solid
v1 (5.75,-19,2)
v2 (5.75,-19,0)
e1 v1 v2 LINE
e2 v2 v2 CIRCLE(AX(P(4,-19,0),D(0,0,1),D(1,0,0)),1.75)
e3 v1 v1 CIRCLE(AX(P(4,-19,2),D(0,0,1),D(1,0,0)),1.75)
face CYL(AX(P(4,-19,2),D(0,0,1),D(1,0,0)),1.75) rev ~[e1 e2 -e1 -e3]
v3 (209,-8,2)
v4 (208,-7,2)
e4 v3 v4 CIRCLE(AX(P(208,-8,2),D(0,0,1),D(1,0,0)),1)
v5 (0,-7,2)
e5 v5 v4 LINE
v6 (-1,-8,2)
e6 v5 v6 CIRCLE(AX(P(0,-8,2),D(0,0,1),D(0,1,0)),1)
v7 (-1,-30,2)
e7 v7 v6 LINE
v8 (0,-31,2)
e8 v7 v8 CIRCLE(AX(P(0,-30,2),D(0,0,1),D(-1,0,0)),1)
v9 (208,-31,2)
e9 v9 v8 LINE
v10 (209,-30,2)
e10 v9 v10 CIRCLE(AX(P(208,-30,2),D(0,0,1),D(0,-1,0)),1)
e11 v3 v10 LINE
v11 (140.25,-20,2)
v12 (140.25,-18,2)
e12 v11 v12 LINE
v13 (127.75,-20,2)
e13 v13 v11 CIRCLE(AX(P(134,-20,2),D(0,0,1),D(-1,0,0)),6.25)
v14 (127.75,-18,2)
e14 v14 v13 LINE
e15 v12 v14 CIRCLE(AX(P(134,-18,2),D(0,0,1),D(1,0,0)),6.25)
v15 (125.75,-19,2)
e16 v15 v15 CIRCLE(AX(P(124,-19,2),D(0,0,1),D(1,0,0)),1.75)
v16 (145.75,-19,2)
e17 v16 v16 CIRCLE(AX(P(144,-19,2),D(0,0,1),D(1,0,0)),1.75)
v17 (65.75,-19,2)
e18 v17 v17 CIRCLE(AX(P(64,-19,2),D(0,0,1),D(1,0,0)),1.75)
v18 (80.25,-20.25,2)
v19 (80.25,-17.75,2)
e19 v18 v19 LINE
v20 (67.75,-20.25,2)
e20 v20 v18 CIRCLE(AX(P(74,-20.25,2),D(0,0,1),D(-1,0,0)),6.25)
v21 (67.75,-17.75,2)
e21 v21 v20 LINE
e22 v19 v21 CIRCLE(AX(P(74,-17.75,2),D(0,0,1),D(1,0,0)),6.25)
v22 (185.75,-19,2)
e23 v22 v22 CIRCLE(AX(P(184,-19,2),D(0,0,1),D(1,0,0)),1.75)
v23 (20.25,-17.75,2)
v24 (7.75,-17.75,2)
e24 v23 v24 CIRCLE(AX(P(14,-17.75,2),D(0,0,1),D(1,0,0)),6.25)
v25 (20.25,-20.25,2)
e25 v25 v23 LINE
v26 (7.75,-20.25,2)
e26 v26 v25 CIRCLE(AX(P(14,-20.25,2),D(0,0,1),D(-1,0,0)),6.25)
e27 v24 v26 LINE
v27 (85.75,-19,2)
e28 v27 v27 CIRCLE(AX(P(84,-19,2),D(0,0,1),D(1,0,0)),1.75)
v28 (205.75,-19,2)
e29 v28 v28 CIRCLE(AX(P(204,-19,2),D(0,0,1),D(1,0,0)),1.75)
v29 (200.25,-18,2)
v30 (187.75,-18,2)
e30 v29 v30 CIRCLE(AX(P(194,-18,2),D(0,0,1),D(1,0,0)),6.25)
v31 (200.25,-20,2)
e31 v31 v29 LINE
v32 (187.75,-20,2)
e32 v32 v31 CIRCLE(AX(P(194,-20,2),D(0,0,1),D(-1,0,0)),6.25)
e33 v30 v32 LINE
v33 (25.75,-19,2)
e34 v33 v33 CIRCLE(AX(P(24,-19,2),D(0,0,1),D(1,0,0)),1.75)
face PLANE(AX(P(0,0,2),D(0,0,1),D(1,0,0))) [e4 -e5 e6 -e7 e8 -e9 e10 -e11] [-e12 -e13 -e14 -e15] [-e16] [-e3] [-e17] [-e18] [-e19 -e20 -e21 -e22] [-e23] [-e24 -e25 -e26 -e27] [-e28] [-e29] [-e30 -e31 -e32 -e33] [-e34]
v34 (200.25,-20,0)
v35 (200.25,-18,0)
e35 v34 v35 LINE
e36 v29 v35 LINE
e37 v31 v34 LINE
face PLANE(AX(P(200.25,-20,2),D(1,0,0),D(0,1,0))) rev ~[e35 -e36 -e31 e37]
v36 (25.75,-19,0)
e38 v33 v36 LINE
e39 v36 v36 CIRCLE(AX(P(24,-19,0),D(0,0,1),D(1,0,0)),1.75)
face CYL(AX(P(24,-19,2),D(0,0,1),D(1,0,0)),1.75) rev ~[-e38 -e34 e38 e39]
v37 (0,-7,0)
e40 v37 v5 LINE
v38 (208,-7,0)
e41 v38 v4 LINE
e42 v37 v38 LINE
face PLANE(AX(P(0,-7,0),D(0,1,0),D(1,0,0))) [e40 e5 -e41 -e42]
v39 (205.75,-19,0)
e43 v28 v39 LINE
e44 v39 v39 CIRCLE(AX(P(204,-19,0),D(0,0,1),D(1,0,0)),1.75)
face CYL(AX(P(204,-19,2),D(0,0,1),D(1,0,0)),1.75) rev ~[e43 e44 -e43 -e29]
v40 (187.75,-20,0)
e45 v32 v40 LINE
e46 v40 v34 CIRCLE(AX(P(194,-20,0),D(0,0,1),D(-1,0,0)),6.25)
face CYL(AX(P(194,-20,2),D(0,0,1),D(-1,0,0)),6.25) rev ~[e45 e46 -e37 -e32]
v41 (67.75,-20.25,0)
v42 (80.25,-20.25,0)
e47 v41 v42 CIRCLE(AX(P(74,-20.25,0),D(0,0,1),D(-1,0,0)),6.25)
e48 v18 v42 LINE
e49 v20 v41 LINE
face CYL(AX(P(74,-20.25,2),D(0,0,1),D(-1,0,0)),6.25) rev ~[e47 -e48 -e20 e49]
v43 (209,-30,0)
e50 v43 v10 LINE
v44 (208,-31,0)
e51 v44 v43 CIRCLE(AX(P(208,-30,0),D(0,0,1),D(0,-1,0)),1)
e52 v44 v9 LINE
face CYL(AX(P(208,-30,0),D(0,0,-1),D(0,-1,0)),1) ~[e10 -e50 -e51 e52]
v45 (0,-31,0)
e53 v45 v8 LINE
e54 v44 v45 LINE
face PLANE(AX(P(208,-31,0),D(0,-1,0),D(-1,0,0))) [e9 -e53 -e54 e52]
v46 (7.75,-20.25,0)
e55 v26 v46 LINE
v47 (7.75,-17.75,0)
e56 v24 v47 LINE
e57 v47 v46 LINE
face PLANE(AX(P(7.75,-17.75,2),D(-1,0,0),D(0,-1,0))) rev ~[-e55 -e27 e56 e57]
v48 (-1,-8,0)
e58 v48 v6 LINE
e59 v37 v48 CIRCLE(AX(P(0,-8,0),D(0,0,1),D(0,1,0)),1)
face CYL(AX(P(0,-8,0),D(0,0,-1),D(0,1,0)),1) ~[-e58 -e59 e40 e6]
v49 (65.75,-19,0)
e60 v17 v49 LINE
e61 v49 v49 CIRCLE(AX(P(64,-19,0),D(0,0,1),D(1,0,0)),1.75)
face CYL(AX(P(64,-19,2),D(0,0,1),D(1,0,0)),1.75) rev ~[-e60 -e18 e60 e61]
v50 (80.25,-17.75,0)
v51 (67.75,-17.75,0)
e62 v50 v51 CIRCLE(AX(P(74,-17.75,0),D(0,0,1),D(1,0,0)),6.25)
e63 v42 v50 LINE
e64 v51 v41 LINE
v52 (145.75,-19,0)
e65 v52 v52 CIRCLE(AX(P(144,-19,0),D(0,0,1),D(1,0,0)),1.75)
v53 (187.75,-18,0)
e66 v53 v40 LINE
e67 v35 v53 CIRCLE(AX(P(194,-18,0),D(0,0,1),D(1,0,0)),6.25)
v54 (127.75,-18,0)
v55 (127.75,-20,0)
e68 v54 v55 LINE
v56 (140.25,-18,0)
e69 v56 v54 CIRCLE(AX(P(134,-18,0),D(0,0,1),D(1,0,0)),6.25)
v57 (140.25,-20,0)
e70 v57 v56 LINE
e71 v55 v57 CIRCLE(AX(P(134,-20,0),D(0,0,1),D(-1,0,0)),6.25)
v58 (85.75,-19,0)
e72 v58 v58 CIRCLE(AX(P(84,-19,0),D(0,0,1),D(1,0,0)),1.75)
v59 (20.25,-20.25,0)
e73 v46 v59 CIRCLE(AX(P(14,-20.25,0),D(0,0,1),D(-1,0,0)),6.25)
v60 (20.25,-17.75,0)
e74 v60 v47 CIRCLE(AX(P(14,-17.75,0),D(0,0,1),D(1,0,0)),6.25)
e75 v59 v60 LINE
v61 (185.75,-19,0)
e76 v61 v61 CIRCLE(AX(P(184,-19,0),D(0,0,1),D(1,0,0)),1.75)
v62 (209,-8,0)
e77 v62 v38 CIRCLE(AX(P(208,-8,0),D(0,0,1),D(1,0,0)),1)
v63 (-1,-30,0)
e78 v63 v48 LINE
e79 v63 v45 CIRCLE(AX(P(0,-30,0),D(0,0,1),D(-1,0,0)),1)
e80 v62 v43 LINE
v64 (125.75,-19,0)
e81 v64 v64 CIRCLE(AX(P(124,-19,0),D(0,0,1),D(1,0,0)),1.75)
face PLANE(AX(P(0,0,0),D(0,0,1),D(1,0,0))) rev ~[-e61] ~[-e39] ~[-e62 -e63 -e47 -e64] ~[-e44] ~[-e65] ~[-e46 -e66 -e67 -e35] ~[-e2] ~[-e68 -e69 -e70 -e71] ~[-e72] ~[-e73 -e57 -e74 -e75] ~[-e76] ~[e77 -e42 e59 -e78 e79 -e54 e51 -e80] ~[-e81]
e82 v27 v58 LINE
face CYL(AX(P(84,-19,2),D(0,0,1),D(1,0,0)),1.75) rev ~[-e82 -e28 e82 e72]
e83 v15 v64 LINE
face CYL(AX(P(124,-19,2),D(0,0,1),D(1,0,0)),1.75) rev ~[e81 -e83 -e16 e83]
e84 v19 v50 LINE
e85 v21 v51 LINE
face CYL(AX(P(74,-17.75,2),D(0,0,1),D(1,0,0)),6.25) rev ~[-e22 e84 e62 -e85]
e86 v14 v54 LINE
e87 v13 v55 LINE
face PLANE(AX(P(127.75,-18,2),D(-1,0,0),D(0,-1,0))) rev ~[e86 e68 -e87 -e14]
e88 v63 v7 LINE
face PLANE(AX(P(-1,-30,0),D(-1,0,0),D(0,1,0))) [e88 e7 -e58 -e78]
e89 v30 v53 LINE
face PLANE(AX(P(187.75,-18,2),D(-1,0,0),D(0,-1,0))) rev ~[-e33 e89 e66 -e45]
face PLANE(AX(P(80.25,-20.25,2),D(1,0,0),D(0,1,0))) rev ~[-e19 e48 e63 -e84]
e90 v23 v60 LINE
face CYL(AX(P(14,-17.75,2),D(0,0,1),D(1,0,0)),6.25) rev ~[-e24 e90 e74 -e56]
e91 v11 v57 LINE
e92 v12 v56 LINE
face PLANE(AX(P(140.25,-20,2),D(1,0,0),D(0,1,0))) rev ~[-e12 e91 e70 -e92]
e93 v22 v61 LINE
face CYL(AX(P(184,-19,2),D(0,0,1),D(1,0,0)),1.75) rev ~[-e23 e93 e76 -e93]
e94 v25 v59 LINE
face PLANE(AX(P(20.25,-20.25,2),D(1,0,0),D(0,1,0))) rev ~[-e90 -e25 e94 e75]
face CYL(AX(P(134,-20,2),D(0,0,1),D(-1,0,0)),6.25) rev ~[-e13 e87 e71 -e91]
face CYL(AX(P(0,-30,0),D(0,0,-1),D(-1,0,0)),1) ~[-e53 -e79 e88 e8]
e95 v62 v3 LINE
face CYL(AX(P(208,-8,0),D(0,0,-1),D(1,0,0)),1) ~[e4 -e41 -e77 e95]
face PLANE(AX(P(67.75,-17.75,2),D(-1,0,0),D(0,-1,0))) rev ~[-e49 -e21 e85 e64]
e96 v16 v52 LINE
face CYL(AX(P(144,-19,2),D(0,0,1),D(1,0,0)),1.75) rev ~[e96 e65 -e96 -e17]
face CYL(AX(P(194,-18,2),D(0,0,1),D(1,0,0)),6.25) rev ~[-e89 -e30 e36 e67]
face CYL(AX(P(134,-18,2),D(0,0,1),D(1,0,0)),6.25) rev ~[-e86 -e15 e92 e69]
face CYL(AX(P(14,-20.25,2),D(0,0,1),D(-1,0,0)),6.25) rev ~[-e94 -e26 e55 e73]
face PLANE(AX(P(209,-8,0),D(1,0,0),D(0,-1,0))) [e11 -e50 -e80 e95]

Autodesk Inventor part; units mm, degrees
ref_plane "YZ Plane" through (0, 0, 0) normal (1, 0, 0) x (0, 1, 0)
ref_plane "XZ Plane" through (0, 0, 0) normal (0, 1, 0) x (-1, 0, 0)
ref_plane "XY Plane" through (0, 0, 0) normal (0, 0, 1) x (1, 0, 0)
sketch "Sketch1" plane through (0, 0, 0) normal (0, 0, 1) x (1, 0, 0)
  line L0 (0, -7) -> (208, -7)
  line L1 (209, -8) -> (209, -30)
  line L2 (208, -31) -> (0, -31)
  line L3 (-1, -30) -> (-1, -8)
  circle A0 centre (38.25, -10.75) radius 1.75
  circle A1 centre (58.75, -10.75) radius 1.75
  circle A2 centre (149.25, -10.75) radius 1.75
  circle A3 centre (169.75, -10.75) radius 1.75
  circle A4 centre (38.25, -40.75) radius 1.75
  circle A5 centre (58.75, -40.75) radius 1.75
  circle A6 centre (149.25, -40.75) radius 1.75
  circle A7 centre (169.75, -40.75) radius 1.75
  arc A8 (0, -7) -> (-1, -8) centre (0, -8) ccw
  arc A9 (-1, -30) -> (0, -31) centre (0, -30) ccw
  arc A10 (208, -31) -> (209, -30) centre (208, -30) ccw
  arc A11 (209, -8) -> (208, -7) centre (208, -8) ccw
  point P0 (0, 0)
  point P1 (209, -31)
  point P2 (209, -7)
  point P3 (-1, -31)
  dimension "d0" = 210
  dimension "d1" = 24
  dimension "d10" = 111
  dimension "d13" = 30
  dimension "d16" = 1
extrude "Extrusion1" add sketch "Sketch1" along normal blind 2 contours L0 A11 L1 A10 L2 A9 L3 A8 | A0 | A1 | A2 | A3
sketch "Sketch2" plane through (0, 0, 2) normal (0, 0, 1) x (1, 0, 0)
  line L0 (209, -30) -> (209, -8) projected
  line L1 (209, -19) -> (-1, -19) construction
  line L2 (-1, -8) -> (-1, -30) projected
  line L3 (235.9536, -47.1551) -> (247.5417, -11.4905)
  line L4 (235.9536, -47.1551) -> (273.4536, -47.1551) construction
  line L5 (235.9536, -47.1551) -> (237.8557, -47.7731)
  line L6 (235.9536, -47.1551) -> (237.9536, -47.1551) construction
  line L7 (237.8557, -47.7731) -> (249.4438, -12.1085)
  line L8 (249.4438, -12.1085) -> (247.5417, -11.4905)
  line L9 (249.4438, -12.1085) -> (271.3181, -19.2159)
  line L10 (271.3181, -19.2159) -> (259.73, -54.8805)
  line L11 (259.73, -54.8805) -> (261.6321, -55.4986)
  line L12 (261.6321, -55.4986) -> (273.2202, -19.8339)
  line L13 (273.2202, -19.8339) -> (271.3181, -19.2159)
  line L14 (265.5241, -37.0482) -> (243.6498, -29.9408)
  line L15 (177.3204, -33.4945) -> (331.8534, -33.4945)
  line L16 (244.4446, -27.4945) -> (242.5425, -26.8765)
  line L17 (238.4427, -39.4945) -> (240.3448, -40.1125)
  line L18 (244.4446, -27.4945) -> (240.3448, -40.1125)
  line L19 (104, -19) -> (104, -19)
  line L20 (104, -19) -> (104, -19) construction
  line L21 (104, -20.25) -> (104, -17.75) construction
  line L22 (110.25, -20.25) -> (110.25, -17.75)
  line L23 (97.75, -17.75) -> (97.75, -20.25)
  arc A0 (97.75, -20.25) -> (110.25, -20.25) centre (104, -20.25) ccw
  arc A1 (110.25, -17.75) -> (97.75, -17.75) centre (104, -17.75) ccw
  line L24 (104, -19) -> (74, -19) construction
  line L25 (104, -19) -> (134, -19) construction
  line L26 (74, -20.25) -> (74, -17.75) construction
  line L27 (80.25, -20.25) -> (80.25, -17.75)
  line L28 (67.75, -17.75) -> (67.75, -20.25)
  arc A2 (67.75, -20.25) -> (80.25, -20.25) centre (74, -20.25) ccw
  arc A3 (80.25, -17.75) -> (67.75, -17.75) centre (74, -17.75) ccw
  line L29 (134, -20) -> (134, -18) construction
  line L30 (140.25, -20) -> (140.25, -18)
  line L31 (127.75, -18) -> (127.75, -20)
  arc A4 (127.75, -20) -> (140.25, -20) centre (134, -20) ccw
  arc A5 (140.25, -18) -> (127.75, -18) centre (134, -18) ccw
  line L32 (74, -19) -> (14, -19) construction
  line L33 (134, -19) -> (194, -19) construction
  line L34 (194, -20) -> (194, -18) construction
  line L35 (200.25, -20) -> (200.25, -18)
  line L36 (187.75, -18) -> (187.75, -20)
  arc A6 (187.75, -20) -> (200.25, -20) centre (194, -20) ccw
  arc A7 (200.25, -18) -> (187.75, -18) centre (194, -18) ccw
  line L37 (14, -20.25) -> (14, -17.75) construction
  line L38 (20.25, -20.25) -> (20.25, -17.75)
  line L39 (7.75, -17.75) -> (7.75, -20.25)
  arc A8 (7.75, -20.25) -> (20.25, -20.25) centre (14, -20.25) ccw
  arc A9 (20.25, -17.75) -> (7.75, -17.75) centre (14, -17.75) ccw
  circle A10 centre (14, -19) radius 10 construction
  line L40 (14, -19) -> (24.6066, -8.3934) construction
  line L41 (14, -19) -> (29, -19) construction
  line L42 (14, -19) -> (3.3934, -29.6066) construction
  circle A11 centre (4, -19) radius 1.75
  circle A12 centre (24, -19) radius 1.75
  circle A13 centre (54, -19) radius 1.75
  circle A14 centre (34, -19) radius 1.75
  circle A15 centre (84, -19) radius 1.75
  circle A16 centre (64, -19) radius 1.75
  circle A17 centre (114, -19) radius 1.75
  circle A18 centre (94, -19) radius 1.75
  circle A19 centre (144, -19) radius 1.75
  circle A20 centre (124, -19) radius 1.75
  circle A21 centre (174, -19) radius 1.75
  circle A22 centre (154, -19) radius 1.75
  circle A23 centre (204, -19) radius 1.75
  circle A24 centre (184, -19) radius 1.75
  point P0 (0, 0)
  point P1 (254.5869, -33.4945)
  dimension "d19" = 37.5
  dimension "d20" = 72
  dimension "d21" = 2
  dimension "d22" = 18
  dimension "d23" = 37.5
  dimension "d24" = 23
  dimension "d25" = 37.5
  dimension "d26" = 90
  dimension "d27" = 2
  dimension "d28" = 37.5
  dimension "d29" = 90
  dimension "d32" = 0
  dimension "d33" = 90
  dimension "d34" = 1.25
  dimension "d35" = 12.5
  dimension "d38" = 30
  dimension "d39" = 30
  dimension "d40" = 1.25
  dimension "d41" = 12.5
  dimension "d42" = 1
  dimension "d43" = 12.5
  dimension "d44" = 60
  dimension "d45" = 60
  dimension "d46" = 1
  dimension "d47" = 12.5
  dimension "d48" = 1.25
  dimension "d49" = 12.5
  dimension "d50" = 20
  dimension "d51" = 15
  dimension "d52" = 45
  dimension "d53" = 15
  dimension "d63" = 3.5
  dimension "d64" = 3.5
  dimension "d67" = 30
extrude "Extrusion2" cut sketch "Sketch2" against normal blind 10 contours A2 L28 A3 L27 | A4 L31 A5 L30 | A6 L36 A7 L35 | A8 L39 A9 L38 | A11 | A12 | A15 | A16 | A19 | A20 | A23 | A24
properties part number "Leg_Loadpipe_Plate" material "CFRP"
